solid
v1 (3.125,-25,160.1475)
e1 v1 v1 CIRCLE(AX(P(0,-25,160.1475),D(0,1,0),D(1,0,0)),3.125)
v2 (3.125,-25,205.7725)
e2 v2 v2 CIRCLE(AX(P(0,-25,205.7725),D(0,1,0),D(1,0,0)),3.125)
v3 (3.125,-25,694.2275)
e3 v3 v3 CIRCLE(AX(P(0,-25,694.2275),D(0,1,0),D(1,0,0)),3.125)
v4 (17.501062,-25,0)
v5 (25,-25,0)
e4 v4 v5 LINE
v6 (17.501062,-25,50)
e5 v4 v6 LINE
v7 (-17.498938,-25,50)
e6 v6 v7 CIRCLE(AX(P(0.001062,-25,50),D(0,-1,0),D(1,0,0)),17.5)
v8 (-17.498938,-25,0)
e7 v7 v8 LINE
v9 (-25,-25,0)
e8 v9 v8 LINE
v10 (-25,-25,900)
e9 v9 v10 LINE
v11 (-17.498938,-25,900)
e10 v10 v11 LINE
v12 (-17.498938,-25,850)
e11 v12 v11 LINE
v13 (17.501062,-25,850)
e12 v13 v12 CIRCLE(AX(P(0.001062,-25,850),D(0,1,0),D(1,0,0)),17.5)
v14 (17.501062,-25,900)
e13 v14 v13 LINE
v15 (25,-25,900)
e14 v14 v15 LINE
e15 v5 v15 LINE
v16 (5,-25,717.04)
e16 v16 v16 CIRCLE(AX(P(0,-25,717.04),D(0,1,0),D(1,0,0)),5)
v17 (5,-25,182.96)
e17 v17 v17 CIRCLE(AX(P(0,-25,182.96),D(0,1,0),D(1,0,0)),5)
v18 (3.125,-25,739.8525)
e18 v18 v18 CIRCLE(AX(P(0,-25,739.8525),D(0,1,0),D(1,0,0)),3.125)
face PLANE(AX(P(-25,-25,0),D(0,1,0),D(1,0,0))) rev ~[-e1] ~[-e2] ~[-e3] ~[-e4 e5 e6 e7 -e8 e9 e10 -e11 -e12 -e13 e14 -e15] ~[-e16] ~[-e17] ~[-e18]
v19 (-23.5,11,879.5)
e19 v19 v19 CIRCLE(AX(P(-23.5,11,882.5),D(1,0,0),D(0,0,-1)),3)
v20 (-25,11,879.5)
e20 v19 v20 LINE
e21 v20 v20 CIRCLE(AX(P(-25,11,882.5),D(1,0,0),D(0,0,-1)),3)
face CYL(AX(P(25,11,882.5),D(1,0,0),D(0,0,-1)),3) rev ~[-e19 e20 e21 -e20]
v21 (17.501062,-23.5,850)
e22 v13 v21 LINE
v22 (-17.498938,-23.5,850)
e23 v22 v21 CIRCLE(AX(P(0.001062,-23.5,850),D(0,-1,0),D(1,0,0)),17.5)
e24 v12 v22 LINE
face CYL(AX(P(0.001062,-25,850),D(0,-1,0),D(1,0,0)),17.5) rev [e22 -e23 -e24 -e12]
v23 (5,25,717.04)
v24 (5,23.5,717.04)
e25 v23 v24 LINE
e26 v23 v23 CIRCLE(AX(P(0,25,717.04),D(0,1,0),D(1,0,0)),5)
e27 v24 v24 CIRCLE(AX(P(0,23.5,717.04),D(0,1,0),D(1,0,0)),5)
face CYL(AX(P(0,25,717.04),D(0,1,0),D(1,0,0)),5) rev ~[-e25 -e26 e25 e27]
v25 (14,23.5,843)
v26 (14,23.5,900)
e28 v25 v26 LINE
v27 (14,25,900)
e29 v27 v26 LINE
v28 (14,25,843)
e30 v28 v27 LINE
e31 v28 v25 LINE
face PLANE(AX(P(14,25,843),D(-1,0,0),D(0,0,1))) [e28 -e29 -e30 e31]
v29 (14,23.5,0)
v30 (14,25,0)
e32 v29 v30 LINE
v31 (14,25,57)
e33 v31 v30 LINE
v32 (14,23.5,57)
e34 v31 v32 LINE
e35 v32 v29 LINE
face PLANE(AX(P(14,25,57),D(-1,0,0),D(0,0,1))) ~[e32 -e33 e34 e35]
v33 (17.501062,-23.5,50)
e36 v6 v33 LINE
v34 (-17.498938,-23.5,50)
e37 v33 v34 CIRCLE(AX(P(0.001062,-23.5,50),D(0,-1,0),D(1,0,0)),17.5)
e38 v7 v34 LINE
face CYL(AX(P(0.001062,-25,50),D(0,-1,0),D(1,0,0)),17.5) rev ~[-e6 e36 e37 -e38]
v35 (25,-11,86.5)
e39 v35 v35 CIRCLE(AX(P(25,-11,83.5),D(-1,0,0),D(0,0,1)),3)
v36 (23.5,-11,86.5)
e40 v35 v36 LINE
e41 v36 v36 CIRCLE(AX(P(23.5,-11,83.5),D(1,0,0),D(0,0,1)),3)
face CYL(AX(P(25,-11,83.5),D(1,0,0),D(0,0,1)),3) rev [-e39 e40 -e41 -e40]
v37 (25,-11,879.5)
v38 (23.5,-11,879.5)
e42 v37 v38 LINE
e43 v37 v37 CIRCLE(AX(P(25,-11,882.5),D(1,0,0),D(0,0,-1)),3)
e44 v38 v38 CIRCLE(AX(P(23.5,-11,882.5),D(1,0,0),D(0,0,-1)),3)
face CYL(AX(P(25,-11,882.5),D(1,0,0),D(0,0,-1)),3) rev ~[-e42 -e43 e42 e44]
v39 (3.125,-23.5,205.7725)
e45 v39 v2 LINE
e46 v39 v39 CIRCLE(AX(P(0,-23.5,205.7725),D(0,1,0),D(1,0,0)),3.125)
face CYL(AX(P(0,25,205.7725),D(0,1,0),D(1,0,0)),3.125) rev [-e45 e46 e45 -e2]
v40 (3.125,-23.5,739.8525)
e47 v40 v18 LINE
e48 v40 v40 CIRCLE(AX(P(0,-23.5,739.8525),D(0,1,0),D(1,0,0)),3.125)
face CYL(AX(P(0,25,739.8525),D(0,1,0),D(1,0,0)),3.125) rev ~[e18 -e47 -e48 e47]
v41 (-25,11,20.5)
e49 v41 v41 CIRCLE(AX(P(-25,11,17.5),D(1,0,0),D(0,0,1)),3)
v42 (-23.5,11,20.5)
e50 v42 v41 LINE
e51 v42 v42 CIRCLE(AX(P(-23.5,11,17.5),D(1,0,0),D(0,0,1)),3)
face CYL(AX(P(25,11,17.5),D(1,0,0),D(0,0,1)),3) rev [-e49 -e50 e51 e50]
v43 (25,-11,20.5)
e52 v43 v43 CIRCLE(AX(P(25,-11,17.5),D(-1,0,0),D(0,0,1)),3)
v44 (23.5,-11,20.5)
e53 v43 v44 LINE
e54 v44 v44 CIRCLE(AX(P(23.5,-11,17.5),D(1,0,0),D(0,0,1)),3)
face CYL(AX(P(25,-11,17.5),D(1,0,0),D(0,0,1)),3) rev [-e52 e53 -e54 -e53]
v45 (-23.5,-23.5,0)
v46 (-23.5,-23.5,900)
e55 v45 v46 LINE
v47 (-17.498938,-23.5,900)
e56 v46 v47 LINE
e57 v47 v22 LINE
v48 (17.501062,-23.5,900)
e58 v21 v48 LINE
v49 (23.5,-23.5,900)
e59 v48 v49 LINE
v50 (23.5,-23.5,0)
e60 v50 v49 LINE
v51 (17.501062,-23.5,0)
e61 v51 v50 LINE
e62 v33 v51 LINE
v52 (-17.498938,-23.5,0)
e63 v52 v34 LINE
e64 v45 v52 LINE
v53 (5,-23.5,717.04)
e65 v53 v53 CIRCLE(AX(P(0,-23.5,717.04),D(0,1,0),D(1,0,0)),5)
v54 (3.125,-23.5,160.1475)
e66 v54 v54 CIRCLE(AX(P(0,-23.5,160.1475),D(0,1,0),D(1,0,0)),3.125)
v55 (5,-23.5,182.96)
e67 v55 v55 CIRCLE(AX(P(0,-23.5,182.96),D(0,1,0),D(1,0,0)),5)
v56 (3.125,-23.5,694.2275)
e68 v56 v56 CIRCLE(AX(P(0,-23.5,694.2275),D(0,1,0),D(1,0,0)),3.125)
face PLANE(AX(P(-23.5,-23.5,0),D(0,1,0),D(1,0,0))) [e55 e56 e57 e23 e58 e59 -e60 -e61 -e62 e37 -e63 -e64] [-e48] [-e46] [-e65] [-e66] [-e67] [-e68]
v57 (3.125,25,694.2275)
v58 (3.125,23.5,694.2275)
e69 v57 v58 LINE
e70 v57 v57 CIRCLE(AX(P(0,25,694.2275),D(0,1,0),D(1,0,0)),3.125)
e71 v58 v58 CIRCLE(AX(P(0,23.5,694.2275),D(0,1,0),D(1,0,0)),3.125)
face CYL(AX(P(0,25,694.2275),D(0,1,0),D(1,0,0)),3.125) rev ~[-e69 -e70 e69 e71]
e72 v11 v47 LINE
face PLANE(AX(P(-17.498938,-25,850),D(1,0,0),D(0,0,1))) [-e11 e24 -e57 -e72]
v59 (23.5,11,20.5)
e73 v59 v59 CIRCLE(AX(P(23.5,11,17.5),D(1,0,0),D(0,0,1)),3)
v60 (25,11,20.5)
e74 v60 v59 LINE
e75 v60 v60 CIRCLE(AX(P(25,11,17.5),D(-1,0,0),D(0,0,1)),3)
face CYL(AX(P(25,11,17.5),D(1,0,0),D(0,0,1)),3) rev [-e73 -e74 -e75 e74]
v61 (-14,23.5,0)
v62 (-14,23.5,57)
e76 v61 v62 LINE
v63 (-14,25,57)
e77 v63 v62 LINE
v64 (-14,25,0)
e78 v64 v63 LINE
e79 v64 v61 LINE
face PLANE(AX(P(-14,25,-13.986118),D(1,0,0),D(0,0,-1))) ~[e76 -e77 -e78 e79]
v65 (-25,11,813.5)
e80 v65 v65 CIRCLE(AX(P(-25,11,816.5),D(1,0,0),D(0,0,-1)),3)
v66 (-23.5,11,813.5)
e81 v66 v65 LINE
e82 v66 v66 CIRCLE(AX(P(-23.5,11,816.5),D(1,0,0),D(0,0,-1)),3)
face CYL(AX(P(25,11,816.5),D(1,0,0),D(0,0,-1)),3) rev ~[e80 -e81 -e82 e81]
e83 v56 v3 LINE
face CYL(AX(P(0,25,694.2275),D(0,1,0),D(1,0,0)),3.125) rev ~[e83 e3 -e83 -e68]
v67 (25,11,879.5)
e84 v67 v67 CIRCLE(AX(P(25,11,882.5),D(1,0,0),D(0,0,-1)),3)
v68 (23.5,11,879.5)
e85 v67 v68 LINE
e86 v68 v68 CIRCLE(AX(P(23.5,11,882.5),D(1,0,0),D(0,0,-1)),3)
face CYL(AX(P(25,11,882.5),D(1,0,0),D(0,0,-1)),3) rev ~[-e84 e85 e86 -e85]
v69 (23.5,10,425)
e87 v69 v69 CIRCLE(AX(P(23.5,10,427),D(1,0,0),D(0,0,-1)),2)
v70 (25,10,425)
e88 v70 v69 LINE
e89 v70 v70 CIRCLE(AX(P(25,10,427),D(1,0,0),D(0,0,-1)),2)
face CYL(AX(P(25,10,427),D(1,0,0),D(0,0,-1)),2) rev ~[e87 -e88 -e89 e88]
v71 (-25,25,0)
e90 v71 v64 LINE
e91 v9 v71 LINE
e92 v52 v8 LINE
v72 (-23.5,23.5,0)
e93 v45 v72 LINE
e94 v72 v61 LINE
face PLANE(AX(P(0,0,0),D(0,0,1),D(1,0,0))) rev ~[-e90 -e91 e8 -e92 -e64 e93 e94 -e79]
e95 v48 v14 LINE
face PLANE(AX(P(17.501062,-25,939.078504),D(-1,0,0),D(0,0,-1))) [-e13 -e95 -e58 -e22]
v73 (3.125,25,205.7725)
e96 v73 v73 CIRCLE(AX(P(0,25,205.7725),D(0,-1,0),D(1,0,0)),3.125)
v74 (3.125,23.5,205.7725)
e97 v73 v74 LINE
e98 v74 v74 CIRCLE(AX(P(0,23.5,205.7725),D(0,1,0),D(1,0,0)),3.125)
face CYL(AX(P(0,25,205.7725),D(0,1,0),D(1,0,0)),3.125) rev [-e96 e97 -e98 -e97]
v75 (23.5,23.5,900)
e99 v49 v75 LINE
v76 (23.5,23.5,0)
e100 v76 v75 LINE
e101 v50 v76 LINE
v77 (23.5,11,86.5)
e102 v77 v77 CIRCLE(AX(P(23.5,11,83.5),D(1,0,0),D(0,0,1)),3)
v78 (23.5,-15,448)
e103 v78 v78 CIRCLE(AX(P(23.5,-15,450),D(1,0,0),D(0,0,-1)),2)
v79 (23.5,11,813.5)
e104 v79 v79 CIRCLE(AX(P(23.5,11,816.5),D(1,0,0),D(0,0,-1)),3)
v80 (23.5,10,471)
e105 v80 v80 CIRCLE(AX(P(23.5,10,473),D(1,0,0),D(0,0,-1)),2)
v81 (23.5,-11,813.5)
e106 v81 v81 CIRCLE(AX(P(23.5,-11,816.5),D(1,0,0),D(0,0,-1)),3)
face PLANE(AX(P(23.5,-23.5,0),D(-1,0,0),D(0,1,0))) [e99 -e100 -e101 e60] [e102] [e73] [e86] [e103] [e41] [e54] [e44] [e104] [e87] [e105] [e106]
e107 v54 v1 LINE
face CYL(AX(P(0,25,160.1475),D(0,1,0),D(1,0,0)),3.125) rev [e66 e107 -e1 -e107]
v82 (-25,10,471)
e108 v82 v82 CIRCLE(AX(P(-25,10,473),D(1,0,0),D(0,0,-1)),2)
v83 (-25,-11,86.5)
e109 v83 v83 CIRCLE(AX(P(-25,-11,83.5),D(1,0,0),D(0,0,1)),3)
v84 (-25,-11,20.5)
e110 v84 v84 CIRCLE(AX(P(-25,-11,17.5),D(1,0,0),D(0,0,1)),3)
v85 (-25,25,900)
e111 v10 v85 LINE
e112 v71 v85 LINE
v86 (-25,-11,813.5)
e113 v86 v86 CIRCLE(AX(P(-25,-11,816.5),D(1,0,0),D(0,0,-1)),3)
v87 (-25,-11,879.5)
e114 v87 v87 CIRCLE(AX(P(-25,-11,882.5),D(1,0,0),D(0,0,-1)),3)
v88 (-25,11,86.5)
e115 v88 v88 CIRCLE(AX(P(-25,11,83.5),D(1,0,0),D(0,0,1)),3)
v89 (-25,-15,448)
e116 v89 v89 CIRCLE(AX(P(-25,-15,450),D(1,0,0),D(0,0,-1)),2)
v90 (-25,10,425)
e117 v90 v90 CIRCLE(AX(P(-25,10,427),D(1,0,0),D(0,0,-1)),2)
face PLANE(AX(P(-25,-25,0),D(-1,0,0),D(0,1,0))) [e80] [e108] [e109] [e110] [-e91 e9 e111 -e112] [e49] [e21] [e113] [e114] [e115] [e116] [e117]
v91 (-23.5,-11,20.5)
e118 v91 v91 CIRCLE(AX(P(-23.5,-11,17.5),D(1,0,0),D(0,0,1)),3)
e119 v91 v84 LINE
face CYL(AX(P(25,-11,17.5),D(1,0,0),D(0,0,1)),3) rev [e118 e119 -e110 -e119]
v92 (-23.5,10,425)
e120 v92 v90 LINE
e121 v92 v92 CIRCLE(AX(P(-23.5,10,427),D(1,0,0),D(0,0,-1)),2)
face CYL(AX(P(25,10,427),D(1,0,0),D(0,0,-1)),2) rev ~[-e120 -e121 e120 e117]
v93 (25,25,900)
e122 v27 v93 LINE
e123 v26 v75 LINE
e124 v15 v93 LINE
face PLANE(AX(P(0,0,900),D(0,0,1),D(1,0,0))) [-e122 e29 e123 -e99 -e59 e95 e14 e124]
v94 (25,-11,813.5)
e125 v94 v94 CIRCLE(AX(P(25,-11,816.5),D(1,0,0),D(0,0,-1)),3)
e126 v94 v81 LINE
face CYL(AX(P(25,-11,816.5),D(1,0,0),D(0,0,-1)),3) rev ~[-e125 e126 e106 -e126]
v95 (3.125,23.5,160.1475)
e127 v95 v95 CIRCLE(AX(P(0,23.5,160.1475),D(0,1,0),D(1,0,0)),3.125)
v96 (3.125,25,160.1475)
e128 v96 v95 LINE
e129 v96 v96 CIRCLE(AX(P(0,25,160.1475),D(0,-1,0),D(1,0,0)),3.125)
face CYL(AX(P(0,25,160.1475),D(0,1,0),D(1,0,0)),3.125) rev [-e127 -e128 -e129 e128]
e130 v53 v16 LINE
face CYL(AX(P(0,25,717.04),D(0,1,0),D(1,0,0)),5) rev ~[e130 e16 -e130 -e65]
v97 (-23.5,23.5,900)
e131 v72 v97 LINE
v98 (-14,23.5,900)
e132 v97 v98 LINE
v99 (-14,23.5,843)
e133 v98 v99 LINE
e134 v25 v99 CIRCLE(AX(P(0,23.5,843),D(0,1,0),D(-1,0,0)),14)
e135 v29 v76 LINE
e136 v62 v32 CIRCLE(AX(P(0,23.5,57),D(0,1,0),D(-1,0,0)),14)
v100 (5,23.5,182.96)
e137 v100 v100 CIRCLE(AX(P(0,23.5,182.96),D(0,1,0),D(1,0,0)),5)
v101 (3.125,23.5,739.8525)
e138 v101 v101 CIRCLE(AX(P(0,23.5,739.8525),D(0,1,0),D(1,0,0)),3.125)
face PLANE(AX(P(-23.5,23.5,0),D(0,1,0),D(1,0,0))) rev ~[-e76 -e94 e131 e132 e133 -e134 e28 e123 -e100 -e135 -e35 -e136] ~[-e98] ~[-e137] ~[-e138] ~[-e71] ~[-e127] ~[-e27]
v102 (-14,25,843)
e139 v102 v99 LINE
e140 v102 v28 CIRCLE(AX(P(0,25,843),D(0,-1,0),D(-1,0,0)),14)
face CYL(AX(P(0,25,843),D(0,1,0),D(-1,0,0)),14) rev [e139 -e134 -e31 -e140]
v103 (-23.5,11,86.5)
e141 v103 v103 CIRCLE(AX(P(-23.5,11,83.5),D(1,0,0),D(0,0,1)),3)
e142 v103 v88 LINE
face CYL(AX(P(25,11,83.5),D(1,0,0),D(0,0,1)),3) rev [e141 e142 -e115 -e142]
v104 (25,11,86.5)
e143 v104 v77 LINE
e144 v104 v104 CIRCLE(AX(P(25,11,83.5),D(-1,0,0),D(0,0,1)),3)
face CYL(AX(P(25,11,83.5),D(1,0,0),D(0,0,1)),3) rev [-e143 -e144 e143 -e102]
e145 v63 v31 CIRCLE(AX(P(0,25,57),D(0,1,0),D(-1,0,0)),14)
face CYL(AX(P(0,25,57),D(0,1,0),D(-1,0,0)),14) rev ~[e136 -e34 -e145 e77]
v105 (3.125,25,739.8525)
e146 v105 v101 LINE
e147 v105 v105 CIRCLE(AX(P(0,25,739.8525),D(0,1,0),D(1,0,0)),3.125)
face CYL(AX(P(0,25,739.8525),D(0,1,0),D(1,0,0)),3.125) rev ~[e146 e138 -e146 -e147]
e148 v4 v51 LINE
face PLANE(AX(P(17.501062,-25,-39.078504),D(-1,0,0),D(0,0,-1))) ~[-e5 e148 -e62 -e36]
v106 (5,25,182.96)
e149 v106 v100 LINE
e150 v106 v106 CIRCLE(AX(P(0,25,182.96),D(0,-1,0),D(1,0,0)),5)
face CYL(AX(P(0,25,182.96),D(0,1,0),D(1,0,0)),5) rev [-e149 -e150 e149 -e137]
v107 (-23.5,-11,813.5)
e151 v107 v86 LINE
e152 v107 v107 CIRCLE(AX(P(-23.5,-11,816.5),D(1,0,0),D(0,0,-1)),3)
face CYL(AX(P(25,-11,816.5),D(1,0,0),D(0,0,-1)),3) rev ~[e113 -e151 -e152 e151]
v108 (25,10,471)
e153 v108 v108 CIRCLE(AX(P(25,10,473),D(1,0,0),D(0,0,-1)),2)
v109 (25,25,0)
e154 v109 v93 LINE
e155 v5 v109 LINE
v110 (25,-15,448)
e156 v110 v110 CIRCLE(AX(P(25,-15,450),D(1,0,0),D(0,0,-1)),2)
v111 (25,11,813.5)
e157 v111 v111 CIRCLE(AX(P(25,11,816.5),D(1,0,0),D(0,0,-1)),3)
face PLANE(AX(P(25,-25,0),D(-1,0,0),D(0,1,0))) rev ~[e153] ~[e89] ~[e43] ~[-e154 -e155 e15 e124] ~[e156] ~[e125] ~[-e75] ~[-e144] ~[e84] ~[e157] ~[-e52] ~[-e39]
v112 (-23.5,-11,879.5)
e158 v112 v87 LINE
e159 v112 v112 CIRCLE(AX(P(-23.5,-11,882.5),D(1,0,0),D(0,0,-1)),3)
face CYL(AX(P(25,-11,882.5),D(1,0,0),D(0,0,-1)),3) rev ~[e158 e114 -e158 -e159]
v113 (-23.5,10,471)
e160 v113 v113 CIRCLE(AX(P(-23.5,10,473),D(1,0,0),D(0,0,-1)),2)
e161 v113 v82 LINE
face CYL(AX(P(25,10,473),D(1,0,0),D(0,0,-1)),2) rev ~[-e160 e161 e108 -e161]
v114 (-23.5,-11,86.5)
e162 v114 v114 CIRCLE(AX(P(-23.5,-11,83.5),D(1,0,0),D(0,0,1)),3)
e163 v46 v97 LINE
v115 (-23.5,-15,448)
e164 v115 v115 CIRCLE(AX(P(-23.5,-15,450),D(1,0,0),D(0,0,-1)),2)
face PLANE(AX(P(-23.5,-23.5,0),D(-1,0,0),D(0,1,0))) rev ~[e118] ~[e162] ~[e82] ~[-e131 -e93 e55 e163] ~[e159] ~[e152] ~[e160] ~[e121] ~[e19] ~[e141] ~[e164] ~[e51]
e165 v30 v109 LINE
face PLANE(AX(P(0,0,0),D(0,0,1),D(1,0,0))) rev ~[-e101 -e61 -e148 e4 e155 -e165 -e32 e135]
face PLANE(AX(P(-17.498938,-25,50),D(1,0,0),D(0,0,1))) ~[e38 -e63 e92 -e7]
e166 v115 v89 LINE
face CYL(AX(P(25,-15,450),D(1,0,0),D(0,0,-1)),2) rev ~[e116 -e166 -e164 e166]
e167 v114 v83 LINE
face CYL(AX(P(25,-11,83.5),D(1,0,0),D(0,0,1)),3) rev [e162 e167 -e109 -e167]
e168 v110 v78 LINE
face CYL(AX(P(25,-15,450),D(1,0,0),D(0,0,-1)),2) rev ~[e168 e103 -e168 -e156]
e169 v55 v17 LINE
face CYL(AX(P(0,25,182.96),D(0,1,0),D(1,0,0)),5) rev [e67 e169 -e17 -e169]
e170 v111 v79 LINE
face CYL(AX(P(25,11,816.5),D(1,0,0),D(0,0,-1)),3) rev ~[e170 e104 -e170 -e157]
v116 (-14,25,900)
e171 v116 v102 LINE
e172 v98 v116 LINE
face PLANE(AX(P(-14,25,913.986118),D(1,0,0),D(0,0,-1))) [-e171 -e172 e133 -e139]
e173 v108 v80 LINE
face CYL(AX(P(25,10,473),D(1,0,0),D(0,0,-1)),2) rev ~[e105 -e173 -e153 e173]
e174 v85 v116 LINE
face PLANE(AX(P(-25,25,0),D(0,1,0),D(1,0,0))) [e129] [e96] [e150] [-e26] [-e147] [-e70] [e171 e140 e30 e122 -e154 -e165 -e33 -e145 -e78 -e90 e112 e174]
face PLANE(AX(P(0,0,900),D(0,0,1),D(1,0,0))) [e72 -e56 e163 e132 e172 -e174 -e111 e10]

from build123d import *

# Parameters (mm, degrees)
SKETCH1_W           = 50
SKETCH1_H           = 50
SKETCH1_W_2         = 47
SKETCH1_H_2         = 47
BOSS_EXTRUDE1_DEPTH = 900
SKETCH2_R           = 2
CUT_EXTRUDE1_DEPTH  = 59
CUT_EXTRUDE2_DEPTH  = 10
CUT_EXTRUDE3_DEPTH  = 10
SKETCH5_R           = 3
CUT_EXTRUDE4_DEPTH  = 55
SKETCH6_R           = 3.125
SKETCH6_R_2         = 5
CUT_EXTRUDE5_DEPTH  = 70


with BuildPart() as part:
    # Sketch1 → Boss-Extrude1 (new body)
    with BuildSketch(Plane.XY):
        Rectangle(SKETCH1_W, SKETCH1_H)
        Rectangle(SKETCH1_W_2, SKETCH1_H_2, mode=Mode.SUBTRACT)
    extrude(amount=BOSS_EXTRUDE1_DEPTH)

    # Sketch2 → Cut-Extrude1 (cut)
    with BuildSketch(Plane(origin=(25, 0, 0), x_dir=(0, 0, -1), z_dir=(1, 0, 0))):
        with Locations((-450, -15)):
            Circle(SKETCH2_R)
        with Locations((-427, 10)):
            Circle(SKETCH2_R)
        with Locations((-473, 10)):
            Circle(SKETCH2_R)
    extrude(amount=-CUT_EXTRUDE1_DEPTH, mode=Mode.SUBTRACT)

    # Sketch3 → Cut-Extrude2 (cut)
    with BuildSketch(Plane(origin=(0, 25, 0), x_dir=(1, 0, 0), z_dir=(0, 1, 0))):
        with BuildLine():
            Line((14, -843), (14, -913.98611775))
            ThreePointArc((14, -913.98611775), (0, -927.98611775), (-14, -913.98611775))
            Line((-14, -913.98611775), (-14, -843))
            ThreePointArc((-14, -843), (0, -829), (14, -843))
        make_face()
    cut_extrude2 = extrude(amount=-CUT_EXTRUDE2_DEPTH, mode=Mode.SUBTRACT)

    # Sketch4 → Cut-Extrude3 (cut)
    with BuildSketch(Plane.XZ.offset(25)):
        with BuildLine():
            Line((-17.498938419, 850), (-17.498938419, 939.078503923))
            ThreePointArc((-17.498938419, 939.078503923), (0.001061581, 956.578503923), (17.501061581, 939.078503923))
            Line((17.501061581, 939.078503923), (17.501061581, 850))
            ThreePointArc((17.501061581, 850), (0.001061581, 832.5), (-17.498938419, 850))
        make_face()
    cut_extrude3 = extrude(amount=-CUT_EXTRUDE3_DEPTH, mode=Mode.SUBTRACT)

    # Sketch5 → Cut-Extrude4 (cut)
    with BuildSketch(Plane(origin=(25, 0, 0), x_dir=(0, 0, -1), z_dir=(1, 0, 0))):
        with Locations((-882.5, 11)):
            Circle(SKETCH5_R)
        with Locations((-882.5, -11)):
            Circle(SKETCH5_R)
        with Locations((-816.5, -11)):
            Circle(SKETCH5_R)
        with Locations((-816.5, 11)):
            Circle(SKETCH5_R)
    cut_extrude4 = extrude(amount=-CUT_EXTRUDE4_DEPTH, mode=Mode.SUBTRACT)

    # Mirror1: Cut-Extrude2, Cut-Extrude3, Cut-Extrude4 across plane
    add(cut_extrude2.mirror(Plane.XY.offset(450)), mode=Mode.SUBTRACT)
    add(cut_extrude3.mirror(Plane.XY.offset(450)), mode=Mode.SUBTRACT)
    add(cut_extrude4.mirror(Plane.XY.offset(450)), mode=Mode.SUBTRACT)

    # Sketch6 → Cut-Extrude5 (cut)
    with BuildSketch(Plane(origin=(0, 25, 0), x_dir=(1, 0, 0), z_dir=(0, 1, 0))):
        with Locations((0, -694.2275)):
            Circle(SKETCH6_R)
        with Locations((0, -739.8525)):
            Circle(SKETCH6_R)
        with Locations((0, -717.04)):
            Circle(SKETCH6_R_2)
    cut_extrude5 = extrude(amount=-CUT_EXTRUDE5_DEPTH, mode=Mode.SUBTRACT)

    # Mirror2: Cut-Extrude5 across plane
    add(cut_extrude5.mirror(Plane.XY.offset(450)), mode=Mode.SUBTRACT)


solid = part.part
